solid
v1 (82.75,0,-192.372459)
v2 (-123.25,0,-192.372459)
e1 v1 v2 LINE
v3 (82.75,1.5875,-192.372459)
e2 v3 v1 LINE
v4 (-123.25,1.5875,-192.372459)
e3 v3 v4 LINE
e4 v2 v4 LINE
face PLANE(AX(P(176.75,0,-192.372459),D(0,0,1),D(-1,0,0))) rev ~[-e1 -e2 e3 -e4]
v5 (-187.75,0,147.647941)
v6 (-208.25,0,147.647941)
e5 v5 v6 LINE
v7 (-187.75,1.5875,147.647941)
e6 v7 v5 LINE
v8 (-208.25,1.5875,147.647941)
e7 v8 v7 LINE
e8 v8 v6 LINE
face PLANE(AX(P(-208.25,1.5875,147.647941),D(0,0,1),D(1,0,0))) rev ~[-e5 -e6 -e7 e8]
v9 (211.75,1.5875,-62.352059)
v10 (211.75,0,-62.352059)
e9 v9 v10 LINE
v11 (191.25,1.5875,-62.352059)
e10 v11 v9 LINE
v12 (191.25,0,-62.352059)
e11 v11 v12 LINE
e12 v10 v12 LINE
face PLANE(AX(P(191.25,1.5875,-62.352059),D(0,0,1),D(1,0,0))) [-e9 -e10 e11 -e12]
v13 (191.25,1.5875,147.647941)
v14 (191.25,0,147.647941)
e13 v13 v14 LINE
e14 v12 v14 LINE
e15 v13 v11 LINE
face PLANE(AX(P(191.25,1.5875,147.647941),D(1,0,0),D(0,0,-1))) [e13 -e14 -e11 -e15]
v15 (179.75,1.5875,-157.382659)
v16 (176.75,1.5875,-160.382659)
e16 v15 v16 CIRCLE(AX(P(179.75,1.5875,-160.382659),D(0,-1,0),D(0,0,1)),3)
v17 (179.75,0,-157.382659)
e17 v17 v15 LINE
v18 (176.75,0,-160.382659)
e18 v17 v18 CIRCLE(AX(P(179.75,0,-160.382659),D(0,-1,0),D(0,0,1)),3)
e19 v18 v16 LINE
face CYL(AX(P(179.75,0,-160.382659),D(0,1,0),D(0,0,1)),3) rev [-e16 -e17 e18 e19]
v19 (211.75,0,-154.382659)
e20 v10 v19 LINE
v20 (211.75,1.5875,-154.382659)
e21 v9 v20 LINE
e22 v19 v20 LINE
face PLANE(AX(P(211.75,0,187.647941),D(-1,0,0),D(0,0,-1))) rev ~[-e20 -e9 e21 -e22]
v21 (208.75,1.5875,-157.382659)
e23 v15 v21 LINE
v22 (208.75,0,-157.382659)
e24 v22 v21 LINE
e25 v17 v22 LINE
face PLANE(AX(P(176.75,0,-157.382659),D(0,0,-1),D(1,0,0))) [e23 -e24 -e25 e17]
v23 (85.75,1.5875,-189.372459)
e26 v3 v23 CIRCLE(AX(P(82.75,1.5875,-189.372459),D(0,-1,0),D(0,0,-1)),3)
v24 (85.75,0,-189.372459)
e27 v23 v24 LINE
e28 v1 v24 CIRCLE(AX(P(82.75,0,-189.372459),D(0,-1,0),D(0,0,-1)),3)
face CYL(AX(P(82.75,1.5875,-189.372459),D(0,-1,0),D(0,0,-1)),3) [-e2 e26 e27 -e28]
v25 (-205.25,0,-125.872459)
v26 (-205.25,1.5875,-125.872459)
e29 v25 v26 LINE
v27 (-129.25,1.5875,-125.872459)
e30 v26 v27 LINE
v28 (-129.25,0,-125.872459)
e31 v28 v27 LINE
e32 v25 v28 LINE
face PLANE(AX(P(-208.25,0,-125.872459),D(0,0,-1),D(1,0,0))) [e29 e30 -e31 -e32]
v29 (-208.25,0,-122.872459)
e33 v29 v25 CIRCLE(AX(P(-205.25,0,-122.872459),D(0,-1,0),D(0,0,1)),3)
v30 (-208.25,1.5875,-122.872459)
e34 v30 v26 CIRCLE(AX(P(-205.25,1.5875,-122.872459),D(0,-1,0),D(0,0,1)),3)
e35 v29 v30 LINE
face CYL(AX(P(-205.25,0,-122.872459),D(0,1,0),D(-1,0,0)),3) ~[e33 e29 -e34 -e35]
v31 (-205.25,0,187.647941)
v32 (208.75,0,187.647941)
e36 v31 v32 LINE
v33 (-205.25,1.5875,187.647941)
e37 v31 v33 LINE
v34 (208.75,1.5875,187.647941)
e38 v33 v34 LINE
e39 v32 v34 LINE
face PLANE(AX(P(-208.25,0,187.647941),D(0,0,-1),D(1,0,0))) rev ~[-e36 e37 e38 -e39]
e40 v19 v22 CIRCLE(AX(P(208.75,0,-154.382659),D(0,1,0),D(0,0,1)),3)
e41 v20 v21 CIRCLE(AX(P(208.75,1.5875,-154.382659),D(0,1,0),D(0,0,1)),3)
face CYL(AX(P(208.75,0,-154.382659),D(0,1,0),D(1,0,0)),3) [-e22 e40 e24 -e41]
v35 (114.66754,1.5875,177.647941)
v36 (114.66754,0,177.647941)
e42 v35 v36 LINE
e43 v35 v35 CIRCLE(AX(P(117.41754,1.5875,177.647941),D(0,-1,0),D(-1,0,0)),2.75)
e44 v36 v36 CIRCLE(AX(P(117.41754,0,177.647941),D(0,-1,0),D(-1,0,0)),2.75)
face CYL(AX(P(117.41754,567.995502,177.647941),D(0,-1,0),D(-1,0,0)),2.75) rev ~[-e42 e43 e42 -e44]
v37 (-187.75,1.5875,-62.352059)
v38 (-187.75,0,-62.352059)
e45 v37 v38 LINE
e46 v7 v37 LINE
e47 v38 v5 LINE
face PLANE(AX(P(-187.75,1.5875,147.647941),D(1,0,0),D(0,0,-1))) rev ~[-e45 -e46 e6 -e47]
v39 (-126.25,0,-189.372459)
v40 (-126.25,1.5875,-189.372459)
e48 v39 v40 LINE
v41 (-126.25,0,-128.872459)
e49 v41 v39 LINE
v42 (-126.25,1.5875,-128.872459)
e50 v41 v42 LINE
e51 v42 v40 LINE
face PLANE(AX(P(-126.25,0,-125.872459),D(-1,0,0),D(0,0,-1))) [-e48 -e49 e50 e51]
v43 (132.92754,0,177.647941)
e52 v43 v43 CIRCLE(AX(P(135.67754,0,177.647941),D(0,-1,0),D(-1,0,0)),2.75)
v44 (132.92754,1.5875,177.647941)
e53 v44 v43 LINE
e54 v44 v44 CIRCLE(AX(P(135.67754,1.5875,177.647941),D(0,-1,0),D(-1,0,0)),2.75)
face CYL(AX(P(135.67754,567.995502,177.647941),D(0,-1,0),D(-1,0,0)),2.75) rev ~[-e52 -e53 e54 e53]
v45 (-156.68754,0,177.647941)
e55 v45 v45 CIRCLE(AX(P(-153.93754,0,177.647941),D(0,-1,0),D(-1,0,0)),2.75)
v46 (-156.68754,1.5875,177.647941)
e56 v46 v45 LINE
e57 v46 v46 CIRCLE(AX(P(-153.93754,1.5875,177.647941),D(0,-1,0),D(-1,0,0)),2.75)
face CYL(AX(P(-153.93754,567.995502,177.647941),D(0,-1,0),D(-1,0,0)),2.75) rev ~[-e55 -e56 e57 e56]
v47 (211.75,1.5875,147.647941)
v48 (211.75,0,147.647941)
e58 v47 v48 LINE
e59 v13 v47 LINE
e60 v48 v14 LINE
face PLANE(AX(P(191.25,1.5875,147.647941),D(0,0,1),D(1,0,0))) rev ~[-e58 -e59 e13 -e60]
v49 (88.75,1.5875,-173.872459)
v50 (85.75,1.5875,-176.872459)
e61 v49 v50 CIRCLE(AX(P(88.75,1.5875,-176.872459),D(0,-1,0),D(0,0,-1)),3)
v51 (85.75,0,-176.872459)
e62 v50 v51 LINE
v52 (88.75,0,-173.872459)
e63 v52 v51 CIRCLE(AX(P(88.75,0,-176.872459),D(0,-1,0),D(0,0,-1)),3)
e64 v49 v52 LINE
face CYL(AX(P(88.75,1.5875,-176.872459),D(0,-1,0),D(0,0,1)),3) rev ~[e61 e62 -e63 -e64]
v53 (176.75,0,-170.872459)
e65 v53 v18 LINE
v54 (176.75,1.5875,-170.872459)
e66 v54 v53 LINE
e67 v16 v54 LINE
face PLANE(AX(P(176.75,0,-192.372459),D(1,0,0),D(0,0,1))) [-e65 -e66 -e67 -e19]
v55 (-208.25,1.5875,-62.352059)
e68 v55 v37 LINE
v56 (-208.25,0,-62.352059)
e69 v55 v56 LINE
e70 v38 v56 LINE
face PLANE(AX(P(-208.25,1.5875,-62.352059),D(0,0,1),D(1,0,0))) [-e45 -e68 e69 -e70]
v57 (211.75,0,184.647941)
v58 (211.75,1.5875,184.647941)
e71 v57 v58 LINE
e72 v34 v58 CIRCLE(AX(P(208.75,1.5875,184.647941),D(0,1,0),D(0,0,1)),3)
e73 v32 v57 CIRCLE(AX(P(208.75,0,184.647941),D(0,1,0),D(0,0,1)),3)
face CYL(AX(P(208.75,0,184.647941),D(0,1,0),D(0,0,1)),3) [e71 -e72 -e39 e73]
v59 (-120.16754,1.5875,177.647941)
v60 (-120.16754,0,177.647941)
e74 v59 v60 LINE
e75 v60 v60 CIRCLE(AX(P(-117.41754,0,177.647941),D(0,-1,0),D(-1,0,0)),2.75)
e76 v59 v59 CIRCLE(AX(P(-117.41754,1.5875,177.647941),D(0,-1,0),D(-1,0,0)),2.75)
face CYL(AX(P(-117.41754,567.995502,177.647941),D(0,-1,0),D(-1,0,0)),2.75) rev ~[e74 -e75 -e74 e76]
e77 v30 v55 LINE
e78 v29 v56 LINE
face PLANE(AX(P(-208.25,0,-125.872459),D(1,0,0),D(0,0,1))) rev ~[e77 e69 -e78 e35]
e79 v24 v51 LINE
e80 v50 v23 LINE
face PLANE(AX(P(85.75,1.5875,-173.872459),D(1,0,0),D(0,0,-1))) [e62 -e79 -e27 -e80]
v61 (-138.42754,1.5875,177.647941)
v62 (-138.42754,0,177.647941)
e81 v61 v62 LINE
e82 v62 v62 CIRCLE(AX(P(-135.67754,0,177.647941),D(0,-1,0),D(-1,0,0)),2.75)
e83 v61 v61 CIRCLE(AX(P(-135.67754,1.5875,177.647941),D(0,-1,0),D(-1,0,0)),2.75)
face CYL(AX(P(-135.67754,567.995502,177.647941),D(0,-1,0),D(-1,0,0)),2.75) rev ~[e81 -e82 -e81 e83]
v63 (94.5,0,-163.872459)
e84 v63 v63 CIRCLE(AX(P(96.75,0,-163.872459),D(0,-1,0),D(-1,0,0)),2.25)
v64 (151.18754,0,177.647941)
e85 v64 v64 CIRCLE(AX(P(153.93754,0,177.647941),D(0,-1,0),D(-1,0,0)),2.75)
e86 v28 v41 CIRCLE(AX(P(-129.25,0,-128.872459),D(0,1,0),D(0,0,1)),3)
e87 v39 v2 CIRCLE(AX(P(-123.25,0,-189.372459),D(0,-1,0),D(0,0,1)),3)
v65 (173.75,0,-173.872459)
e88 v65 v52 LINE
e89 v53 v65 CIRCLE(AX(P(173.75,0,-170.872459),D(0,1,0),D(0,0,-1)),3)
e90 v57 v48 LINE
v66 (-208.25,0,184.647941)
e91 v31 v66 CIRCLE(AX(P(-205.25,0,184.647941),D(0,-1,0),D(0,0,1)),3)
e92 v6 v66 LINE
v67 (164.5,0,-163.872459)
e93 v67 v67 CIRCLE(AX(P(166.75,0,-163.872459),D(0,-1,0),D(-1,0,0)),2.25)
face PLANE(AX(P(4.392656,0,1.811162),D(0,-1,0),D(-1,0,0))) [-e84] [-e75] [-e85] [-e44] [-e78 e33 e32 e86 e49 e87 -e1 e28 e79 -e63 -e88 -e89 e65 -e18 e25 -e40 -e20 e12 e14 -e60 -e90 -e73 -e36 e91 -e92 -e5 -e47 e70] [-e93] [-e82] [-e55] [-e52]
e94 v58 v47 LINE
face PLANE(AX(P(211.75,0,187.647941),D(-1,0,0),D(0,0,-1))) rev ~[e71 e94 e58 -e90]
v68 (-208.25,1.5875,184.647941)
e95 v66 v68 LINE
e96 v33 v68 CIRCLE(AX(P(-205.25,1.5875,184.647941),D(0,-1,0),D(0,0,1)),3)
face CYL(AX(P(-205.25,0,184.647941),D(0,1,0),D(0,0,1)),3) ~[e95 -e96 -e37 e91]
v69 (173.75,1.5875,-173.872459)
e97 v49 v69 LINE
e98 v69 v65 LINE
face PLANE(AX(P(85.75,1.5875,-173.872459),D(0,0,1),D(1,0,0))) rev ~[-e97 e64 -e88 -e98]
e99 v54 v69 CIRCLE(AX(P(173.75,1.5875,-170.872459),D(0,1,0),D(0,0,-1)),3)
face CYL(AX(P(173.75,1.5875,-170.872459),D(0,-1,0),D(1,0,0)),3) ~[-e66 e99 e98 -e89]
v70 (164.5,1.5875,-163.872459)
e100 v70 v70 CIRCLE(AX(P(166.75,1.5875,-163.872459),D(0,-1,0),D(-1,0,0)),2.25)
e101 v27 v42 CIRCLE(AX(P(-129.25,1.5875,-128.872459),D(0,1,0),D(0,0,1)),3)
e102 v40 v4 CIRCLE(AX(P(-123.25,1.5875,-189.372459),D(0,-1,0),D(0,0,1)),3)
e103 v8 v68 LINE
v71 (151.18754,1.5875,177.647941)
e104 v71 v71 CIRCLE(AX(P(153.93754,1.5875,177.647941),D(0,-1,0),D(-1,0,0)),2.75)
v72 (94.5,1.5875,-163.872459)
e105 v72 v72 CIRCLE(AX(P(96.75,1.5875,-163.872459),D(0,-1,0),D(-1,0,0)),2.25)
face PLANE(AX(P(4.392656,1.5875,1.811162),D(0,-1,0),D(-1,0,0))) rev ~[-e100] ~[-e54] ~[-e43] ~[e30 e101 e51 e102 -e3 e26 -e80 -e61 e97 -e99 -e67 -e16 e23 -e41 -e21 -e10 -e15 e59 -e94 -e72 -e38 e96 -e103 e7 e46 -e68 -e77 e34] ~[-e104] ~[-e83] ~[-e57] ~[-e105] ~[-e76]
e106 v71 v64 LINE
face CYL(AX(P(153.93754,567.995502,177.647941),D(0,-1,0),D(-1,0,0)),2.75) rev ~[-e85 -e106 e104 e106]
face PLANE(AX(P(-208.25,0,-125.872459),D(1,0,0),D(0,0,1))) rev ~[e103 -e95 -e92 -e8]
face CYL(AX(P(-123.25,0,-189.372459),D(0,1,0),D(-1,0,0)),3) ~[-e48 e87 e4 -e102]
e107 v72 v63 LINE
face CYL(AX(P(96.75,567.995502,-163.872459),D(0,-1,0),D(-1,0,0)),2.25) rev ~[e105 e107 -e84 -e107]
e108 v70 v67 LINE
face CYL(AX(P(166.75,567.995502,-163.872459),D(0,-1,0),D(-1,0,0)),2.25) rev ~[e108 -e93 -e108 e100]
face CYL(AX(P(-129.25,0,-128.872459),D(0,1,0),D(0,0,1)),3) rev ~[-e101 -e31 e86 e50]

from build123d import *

# Parameters (mm, degrees)
BOSS_EXTRUDE1_DEPTH     = 1.5875
M5_CLEARANCE_HOLE1_D    = 5.5
SKETCH11_W              = 91
SKETCH11_H              = 18.5
CUT_EXTRUDE1_DEPTH      = 1
CUT_EXTRUDE1_DEPTH_BACK = 2.5875
M4_CLEARANCE_HOLE1_D    = 4.5
FILLET1_R               = 3
SKETCH15_W              = 20.5
SKETCH15_H              = 210
CUT_EXTRUDE2_DEPTH      = 1
CUT_EXTRUDE2_DEPTH_BACK = 2.5875


with BuildPart() as part:
    # Sketch1 → Boss-Extrude1 (new body)
    with BuildSketch(Plane(origin=(0, 0, 0), x_dir=(1, 0, 0), z_dir=(0, 1, 0))):
        Polygon((91.75, -187.647941311), (-208.25, -187.647941311), (-208.25, 92.973423913), (-208.25, 125.872458689), (-126.25, 125.872458689), (-126.25, 192.372458689), (-117.25, 192.372458689), (176.75, 192.372458689), (176.75, 157.382658689), (211.75, 157.382658689), (211.75, -157.627541311), (211.75, -187.647941311), align=None)
    extrude(amount=BOSS_EXTRUDE1_DEPTH)

    # M5 Clearance Hole1 (through all)
    with Locations(Plane(origin=(0, 1.5875, 0), x_dir=(1, 0, 0), z_dir=(0, 1, 0))):
        with Locations((-153.937540098, -177.647941311), (-135.677540098, -177.647941311), (-117.417540098, -177.647941311), (117.417540098, -177.647941311), (135.677540098, -177.647941311), (153.937540098, -177.647941311)):
            Hole(M5_CLEARANCE_HOLE1_D / 2)

    # Sketch11 → Cut-Extrude1 (cut, two sides)
    with BuildSketch(Plane(origin=(0, 1.5875, 0), x_dir=(1, 0, 0), z_dir=(0, 1, 0))) as cut_extrude1_sk:
        with Locations((131.25, 183.122458689)):
            Rectangle(SKETCH11_W, SKETCH11_H)
    extrude(amount=CUT_EXTRUDE1_DEPTH, mode=Mode.SUBTRACT)
    extrude(cut_extrude1_sk.sketch, amount=-CUT_EXTRUDE1_DEPTH_BACK, mode=Mode.SUBTRACT)

    # M4 Clearance Hole1 (through all)
    with Locations(Plane(origin=(0, 1.5875, 0), x_dir=(1, 0, 0), z_dir=(0, 1, 0))):
        with Locations((96.75, 163.872458689), (166.75, 163.872458689)):
            Hole(M4_CLEARANCE_HOLE1_D / 2)

    # Fillet1
    fillet1_edges = [part.edges().sort_by_distance(p)[0] for p in [
        (211.75, 0.79375, 187.647941311),
        (-208.25, 0.79375, 187.647941311),
        (-208.25, 0.79375, -125.872458689),
        (-126.25, 0.79375, -125.872458689),
        (-126.25, 0.79375, -192.372458689),
        (176.75, 0.79375, -157.382658689),
        (211.75, 0.79375, -157.382658689),
        (176.75, 0.79375, -173.872458689),
        (85.75, 0.79375, -173.872458689),
        (85.75, 0.79375, -192.372458689),
    ]]
    fillet(fillet1_edges, radius=FILLET1_R)

    # Sketch15 → Cut-Extrude2 (cut, two sides)
    with BuildSketch(Plane(origin=(0, 1.5875, 0), x_dir=(1, 0, 0), z_dir=(0, 1, 0))) as cut_extrude2_sk:
        with Locations((-198, -42.647941311)):
            Rectangle(SKETCH15_W, SKETCH15_H)
        with Locations((201.5, -42.647941311)):
            Rectangle(SKETCH15_W, SKETCH15_H)
    extrude(amount=CUT_EXTRUDE2_DEPTH, mode=Mode.SUBTRACT)
    extrude(cut_extrude2_sk.sketch, amount=-CUT_EXTRUDE2_DEPTH_BACK, mode=Mode.SUBTRACT)


solid = part.part
